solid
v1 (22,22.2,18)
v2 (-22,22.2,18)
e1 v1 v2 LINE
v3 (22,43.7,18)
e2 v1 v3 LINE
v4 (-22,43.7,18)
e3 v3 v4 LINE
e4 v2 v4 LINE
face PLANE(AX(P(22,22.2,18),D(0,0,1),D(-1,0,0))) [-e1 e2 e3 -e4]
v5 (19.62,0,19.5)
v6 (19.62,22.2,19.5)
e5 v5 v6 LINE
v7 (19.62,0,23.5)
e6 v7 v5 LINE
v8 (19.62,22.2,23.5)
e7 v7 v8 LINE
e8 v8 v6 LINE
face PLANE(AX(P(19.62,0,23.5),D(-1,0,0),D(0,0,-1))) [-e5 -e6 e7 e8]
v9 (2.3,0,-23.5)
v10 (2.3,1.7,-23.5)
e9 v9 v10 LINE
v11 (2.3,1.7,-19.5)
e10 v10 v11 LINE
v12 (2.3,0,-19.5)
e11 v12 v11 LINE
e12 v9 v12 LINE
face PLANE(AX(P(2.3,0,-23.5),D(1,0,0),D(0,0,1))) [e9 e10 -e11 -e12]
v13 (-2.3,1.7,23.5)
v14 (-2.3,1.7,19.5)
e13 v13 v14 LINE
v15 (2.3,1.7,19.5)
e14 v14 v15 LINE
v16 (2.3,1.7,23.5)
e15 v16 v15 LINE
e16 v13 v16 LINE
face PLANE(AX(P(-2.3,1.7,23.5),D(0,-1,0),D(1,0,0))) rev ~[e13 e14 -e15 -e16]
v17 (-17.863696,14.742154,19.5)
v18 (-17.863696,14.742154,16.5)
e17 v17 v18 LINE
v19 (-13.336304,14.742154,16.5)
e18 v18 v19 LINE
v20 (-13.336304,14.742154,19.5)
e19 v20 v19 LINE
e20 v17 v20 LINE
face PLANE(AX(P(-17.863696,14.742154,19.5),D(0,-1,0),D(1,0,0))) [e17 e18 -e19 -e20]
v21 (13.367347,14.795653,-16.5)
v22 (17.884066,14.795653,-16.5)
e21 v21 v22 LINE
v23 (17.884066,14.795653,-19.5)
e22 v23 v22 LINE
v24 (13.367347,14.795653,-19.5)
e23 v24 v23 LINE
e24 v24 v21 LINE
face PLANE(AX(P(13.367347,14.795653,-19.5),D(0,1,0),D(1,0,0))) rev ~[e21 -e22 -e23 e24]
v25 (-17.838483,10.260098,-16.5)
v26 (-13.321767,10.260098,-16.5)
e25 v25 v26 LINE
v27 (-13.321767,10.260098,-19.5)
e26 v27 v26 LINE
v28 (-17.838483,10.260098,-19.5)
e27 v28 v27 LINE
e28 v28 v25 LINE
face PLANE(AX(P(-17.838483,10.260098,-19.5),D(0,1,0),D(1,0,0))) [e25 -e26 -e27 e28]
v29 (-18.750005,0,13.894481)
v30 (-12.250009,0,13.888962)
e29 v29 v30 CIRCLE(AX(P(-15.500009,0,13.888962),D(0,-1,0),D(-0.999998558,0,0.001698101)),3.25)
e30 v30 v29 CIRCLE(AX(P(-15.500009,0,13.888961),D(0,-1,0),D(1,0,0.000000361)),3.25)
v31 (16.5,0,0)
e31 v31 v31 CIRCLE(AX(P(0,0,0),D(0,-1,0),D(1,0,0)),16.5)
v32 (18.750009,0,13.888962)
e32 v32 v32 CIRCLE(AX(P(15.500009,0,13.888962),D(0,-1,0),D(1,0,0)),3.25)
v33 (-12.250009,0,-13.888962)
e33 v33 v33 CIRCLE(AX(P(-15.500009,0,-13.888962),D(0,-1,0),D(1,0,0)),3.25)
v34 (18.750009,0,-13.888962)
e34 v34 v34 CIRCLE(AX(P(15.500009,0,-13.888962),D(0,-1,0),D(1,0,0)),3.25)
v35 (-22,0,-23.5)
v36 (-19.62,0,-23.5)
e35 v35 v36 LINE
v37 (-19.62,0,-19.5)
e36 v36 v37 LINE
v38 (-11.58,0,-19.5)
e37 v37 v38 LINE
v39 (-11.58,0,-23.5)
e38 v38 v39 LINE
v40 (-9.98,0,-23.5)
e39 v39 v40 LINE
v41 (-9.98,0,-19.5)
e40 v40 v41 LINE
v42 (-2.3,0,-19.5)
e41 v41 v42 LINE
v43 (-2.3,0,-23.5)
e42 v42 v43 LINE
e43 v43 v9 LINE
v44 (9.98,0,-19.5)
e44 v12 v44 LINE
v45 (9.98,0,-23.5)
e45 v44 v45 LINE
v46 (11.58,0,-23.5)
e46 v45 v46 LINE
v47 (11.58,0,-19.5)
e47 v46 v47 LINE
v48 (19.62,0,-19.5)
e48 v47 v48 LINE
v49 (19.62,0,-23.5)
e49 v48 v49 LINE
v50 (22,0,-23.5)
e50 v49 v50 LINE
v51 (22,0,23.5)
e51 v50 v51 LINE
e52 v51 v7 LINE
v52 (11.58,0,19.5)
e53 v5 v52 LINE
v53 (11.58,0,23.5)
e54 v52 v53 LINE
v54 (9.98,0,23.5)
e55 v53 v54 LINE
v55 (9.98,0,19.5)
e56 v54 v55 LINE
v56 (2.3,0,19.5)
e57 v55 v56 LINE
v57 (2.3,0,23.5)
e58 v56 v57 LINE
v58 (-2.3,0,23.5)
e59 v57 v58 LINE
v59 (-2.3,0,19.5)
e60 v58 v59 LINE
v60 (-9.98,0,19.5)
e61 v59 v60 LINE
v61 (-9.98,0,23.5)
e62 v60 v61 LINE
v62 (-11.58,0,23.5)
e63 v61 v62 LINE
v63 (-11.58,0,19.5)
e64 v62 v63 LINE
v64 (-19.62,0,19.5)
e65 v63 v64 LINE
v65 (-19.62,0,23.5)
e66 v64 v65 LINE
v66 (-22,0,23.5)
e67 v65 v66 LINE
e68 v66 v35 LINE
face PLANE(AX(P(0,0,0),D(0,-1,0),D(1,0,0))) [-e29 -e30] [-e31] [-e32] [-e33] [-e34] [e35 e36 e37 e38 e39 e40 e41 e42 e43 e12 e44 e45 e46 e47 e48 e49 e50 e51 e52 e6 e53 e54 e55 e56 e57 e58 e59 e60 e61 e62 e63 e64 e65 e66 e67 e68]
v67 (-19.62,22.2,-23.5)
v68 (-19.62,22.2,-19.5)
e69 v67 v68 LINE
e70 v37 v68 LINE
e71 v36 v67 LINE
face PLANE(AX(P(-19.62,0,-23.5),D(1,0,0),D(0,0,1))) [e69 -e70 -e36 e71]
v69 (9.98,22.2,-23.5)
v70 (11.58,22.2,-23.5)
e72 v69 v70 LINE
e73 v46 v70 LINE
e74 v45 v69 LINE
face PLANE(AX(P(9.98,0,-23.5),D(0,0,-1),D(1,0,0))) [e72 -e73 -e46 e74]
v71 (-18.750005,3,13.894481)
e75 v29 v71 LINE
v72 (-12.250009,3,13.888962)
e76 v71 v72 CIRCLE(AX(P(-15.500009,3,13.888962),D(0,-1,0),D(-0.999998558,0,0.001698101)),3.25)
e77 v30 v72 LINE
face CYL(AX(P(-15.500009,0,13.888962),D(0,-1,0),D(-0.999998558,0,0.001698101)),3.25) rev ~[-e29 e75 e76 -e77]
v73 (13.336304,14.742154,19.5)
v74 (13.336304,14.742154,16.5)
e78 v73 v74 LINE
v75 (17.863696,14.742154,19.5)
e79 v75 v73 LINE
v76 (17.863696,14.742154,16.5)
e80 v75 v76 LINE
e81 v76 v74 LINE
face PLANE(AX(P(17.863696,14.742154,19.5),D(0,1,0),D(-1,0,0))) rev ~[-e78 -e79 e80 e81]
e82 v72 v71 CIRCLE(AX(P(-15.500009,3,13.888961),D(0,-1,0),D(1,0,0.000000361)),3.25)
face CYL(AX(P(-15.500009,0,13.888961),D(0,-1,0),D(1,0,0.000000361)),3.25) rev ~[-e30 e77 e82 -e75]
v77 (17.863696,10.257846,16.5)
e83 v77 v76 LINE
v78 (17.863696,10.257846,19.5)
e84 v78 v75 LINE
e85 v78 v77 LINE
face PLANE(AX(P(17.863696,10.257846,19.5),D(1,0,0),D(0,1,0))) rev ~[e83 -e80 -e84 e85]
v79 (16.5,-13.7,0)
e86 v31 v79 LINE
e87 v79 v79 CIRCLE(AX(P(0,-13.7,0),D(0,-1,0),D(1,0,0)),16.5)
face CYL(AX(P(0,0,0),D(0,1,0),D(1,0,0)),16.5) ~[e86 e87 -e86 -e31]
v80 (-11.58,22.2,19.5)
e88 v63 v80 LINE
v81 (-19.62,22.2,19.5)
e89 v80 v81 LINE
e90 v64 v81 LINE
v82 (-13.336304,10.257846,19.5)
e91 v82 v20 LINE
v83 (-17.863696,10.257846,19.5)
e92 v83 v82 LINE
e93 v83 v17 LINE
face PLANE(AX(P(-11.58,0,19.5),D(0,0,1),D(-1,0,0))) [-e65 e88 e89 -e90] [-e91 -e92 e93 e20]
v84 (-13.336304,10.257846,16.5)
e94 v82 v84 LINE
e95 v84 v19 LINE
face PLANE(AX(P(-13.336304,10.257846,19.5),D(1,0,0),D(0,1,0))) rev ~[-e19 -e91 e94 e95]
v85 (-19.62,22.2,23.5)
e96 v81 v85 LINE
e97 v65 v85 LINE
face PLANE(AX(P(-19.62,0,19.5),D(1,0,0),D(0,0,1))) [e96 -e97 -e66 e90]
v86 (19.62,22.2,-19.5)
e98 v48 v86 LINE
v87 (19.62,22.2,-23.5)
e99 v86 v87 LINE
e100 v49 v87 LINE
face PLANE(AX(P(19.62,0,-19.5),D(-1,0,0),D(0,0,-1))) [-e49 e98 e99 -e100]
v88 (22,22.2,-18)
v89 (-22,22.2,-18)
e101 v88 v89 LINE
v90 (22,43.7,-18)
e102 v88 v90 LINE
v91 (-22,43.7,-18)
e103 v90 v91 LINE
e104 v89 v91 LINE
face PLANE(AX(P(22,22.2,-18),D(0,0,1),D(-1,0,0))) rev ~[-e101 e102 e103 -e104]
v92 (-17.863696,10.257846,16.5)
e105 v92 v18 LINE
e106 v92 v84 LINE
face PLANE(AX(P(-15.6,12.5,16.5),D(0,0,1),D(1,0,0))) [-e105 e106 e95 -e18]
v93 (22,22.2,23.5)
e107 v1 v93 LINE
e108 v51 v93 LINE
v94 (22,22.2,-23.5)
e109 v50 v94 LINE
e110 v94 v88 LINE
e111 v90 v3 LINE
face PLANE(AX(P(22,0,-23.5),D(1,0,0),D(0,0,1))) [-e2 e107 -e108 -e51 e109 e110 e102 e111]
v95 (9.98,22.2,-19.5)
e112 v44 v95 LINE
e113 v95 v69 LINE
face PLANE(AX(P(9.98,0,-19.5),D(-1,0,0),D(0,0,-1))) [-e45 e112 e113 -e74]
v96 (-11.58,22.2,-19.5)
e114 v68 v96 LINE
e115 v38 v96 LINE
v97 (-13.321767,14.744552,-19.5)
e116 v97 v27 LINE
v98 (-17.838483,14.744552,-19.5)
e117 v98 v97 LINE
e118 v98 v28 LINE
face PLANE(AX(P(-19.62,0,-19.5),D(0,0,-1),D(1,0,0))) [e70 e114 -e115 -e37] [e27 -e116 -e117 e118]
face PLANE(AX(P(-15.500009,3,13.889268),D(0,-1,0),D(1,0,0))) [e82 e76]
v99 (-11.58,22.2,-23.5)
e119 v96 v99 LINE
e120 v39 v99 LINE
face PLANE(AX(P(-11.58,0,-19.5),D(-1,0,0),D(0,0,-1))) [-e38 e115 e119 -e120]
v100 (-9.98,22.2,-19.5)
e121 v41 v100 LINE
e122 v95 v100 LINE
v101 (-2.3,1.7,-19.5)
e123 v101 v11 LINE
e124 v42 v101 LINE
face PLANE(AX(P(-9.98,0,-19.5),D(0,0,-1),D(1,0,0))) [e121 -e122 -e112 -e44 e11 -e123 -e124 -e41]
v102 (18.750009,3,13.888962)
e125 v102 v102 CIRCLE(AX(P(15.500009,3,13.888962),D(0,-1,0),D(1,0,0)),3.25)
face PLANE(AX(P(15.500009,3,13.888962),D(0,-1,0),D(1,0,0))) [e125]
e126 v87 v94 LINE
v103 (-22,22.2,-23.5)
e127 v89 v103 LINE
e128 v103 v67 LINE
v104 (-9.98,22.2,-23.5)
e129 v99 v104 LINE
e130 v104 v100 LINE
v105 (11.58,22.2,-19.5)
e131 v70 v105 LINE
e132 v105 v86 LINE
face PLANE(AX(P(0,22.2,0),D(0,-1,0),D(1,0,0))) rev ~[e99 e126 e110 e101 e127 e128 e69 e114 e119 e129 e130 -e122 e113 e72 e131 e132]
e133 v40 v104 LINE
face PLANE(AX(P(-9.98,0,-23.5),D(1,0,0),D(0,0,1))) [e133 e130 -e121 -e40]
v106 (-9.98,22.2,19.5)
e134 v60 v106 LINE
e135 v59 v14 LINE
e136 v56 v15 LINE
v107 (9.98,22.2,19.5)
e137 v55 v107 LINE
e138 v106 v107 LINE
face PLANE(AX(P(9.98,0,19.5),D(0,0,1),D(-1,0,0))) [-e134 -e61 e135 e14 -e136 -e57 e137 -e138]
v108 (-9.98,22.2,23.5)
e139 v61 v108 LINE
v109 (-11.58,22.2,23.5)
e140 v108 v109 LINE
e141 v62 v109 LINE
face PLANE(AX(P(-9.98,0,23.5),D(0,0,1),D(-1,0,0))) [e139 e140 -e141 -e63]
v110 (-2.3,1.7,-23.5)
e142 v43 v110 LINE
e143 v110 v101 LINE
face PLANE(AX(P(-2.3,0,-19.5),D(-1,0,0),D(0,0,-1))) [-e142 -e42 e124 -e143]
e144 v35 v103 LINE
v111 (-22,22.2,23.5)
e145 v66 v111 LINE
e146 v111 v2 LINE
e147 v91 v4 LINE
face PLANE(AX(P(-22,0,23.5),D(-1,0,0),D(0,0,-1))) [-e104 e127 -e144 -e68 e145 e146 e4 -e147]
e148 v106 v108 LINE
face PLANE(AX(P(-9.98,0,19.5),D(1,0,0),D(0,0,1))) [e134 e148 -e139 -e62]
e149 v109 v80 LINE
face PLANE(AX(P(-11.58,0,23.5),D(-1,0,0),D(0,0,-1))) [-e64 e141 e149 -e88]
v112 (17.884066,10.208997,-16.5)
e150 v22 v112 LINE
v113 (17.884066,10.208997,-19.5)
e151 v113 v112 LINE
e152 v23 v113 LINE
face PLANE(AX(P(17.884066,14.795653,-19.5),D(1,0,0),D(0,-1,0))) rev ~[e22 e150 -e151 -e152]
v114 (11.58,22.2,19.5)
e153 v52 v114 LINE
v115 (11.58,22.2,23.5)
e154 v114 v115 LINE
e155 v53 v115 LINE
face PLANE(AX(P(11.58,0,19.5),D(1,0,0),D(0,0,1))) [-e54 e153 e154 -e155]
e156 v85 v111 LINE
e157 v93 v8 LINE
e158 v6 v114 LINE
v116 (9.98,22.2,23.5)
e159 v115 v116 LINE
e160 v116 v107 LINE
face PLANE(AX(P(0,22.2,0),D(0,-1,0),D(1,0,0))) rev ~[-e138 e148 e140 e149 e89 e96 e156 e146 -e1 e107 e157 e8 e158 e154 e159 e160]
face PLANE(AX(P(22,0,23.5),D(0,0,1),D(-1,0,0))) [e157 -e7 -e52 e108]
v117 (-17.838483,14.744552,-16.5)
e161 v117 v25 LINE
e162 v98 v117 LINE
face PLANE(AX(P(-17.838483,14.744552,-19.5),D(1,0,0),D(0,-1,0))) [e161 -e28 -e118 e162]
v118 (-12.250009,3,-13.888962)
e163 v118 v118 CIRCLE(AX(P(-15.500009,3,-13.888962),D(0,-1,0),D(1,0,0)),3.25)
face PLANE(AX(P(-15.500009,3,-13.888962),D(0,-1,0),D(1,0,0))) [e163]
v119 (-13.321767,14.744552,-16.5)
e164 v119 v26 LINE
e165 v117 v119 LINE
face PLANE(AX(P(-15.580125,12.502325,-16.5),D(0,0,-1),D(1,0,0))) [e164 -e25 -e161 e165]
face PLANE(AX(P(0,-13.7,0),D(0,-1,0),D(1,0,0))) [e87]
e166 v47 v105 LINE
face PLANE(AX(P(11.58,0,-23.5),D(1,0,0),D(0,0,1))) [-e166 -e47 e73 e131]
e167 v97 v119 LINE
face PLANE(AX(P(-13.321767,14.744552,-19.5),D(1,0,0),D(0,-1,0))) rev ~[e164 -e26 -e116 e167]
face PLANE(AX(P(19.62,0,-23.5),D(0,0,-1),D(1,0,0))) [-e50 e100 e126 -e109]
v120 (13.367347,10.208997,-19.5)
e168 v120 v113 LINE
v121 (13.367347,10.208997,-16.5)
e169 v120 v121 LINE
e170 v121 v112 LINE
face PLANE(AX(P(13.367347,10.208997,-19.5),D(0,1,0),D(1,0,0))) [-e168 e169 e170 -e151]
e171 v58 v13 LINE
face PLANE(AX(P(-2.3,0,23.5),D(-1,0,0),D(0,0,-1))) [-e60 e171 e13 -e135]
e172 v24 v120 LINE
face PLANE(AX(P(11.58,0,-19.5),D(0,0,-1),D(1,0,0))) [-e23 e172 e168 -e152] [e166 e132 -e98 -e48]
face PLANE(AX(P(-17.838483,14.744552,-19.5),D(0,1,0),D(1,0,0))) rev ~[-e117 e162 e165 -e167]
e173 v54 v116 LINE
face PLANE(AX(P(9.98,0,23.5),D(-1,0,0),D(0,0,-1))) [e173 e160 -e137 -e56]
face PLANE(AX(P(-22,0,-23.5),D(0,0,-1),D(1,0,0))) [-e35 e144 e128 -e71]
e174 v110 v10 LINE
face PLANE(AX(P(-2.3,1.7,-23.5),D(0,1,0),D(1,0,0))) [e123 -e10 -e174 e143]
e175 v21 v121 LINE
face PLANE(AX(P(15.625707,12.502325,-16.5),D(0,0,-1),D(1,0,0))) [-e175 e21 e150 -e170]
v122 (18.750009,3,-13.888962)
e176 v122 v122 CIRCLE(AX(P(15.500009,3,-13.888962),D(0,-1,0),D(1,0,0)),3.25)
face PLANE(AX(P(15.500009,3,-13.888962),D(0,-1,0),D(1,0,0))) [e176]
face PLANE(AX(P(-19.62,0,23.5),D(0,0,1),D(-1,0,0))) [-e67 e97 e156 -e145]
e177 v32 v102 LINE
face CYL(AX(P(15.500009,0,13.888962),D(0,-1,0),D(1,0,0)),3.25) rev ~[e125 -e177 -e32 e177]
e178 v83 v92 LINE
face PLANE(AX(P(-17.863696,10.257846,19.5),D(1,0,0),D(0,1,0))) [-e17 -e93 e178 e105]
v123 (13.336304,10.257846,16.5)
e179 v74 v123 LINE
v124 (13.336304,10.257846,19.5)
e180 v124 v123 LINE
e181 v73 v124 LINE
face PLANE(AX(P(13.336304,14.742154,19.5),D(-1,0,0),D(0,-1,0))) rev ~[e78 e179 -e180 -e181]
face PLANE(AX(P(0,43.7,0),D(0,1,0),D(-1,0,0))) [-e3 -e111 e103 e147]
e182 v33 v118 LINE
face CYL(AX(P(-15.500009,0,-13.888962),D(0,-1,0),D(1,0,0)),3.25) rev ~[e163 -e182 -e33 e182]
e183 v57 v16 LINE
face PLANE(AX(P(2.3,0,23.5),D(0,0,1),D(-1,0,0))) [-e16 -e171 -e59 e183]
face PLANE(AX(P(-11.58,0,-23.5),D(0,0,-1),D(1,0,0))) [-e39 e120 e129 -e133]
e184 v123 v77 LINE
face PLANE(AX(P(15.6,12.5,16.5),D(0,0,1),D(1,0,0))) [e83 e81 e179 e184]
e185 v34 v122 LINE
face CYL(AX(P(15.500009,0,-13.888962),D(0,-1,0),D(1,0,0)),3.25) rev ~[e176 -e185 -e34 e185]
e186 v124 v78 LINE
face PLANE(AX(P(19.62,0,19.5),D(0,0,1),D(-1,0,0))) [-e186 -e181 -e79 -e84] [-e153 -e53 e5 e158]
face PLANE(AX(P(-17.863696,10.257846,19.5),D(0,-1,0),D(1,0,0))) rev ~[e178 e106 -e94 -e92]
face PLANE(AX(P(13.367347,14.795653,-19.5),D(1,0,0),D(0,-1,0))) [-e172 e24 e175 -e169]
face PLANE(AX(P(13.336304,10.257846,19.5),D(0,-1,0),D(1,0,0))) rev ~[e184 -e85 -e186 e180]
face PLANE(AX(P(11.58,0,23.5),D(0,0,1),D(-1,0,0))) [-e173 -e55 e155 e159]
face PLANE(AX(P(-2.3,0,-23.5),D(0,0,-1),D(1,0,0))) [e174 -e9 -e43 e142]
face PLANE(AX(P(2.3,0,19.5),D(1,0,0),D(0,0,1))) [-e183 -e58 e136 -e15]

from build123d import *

# Parameters (mm, degrees)
F0_R      = 3.25
F0_R_2    = 16.5
F1_DEPTH  = 22.2
F2_W      = 4.6
F2_H      = 20.5
F3_DEPTH  = 4
F4_W      = 4.6
F4_H      = 20.5
F5_DEPTH  = 4
F6_DEPTH  = 3
F7_DEPTH  = 13.7
F8_W      = 44
F8_H      = 36
F9_DEPTH  = 21.5
F10_W     = 4.527392
F10_H     = 4.484308
F12_DEPTH = 3
F11_W     = 4.516719
F11_H     = 4.586656
F11_W_2   = 4.516715
F11_H_2   = 4.484454
F13_DEPTH = 3


with BuildPart() as f1:
    # F0 (on Front) → F1 (new body)
    with BuildSketch(Plane.XZ):
        Polygon((19.62, -23.5), (22, -23.5), (22, -19.5), (22, 19.5), (22, 23.5), (19.62, 23.5), (19.62, 19.5), (11.58, 19.5), (11.58, 23.5), (9.98, 23.5), (9.98, 19.5), (2.3, 19.5), (2.3, 23.5), (-2.3, 23.5), (-2.3, 19.5), (-9.98, 19.5), (-9.98, 23.5), (-11.58, 23.5), (-11.58, 19.5), (-19.62, 19.5), (-19.62, 23.5), (-22, 23.5), (-22, 19.5), (-22, 13.9), (-22, -19.5), (-22, -23.5), (-19.62, -23.5), (-19.62, -19.5), (-11.58, -19.5), (-11.58, -23.5), (-9.98, -23.5), (-9.98, -19.5), (-2.3, -19.5), (-2.3, -23.5), (2.3, -23.5), (2.3, -19.5), (9.98, -19.5), (9.98, -23.5), (11.58, -23.5), (11.58, -19.5), (19.62, -19.5), align=None)
        with Locations((-15.500009, -13.888962)):
            Circle(F0_R, mode=Mode.SUBTRACT)
        with Locations((15.500009, -13.888962)):
            Circle(F0_R, mode=Mode.SUBTRACT)
        with BuildLine():
            ThreePointArc((-12.250009, 13.888962), (-15.502769, 10.638963), (-18.750005, 13.894481))
            ThreePointArc((-18.750005, 13.894481), (-15.49725, 17.13896), (-12.250009, 13.888962))
        make_face(mode=Mode.SUBTRACT)
        Circle(F0_R_2, mode=Mode.SUBTRACT)
        with Locations((15.500009, 13.888962)):
            Circle(F0_R, mode=Mode.SUBTRACT)
        with BuildLine():
            ThreePointArc((-12.250009, 13.888962), (-15.49725, 17.13896), (-18.750005, 13.894481))
            ThreePointArc((-18.750005, 13.894481), (-15.502769, 10.638963), (-12.250009, 13.888962))
        make_face()
        with Locations((15.500009, 13.888962)):
            Circle(F0_R)
        Circle(F0_R_2)
        with Locations((-15.500009, -13.888962)):
            Circle(F0_R)
        with Locations((15.500009, -13.888962)):
            Circle(F0_R)
    extrude(amount=-F1_DEPTH)

    # F2 (on face) → F3 (cut)
    with BuildSketch(Plane.XY.offset(23.5)):
        with Locations((0, 11.95)):
            Rectangle(F2_W, F2_H)
    extrude(amount=-F3_DEPTH, mode=Mode.SUBTRACT)

    # F4 (on face) → F5 (cut)
    with BuildSketch(Plane(origin=(0, 0, -23.5), x_dir=(1, 0, 0), z_dir=(0, 0, -1))):
        with Locations((0, -11.95)):
            Rectangle(F4_W, F4_H)
    extrude(amount=-F5_DEPTH, mode=Mode.SUBTRACT)

    # F0 (on Front) → F6 (cut)
    with BuildSketch(Plane.XZ):
        with BuildLine():
            ThreePointArc((-12.250009, 13.888962), (-15.49725, 17.13896), (-18.750005, 13.894481))
            ThreePointArc((-18.750005, 13.894481), (-15.502769, 10.638963), (-12.250009, 13.888962))
        make_face()
        with Locations((15.500009, 13.888962)):
            Circle(F0_R)
        with Locations((15.500009, -13.888962)):
            Circle(F0_R)
        with Locations((-15.500009, -13.888962)):
            Circle(F0_R)
    extrude(amount=-F6_DEPTH, mode=Mode.SUBTRACT)

    # F0 (on Front) → F7 (join)
    with BuildSketch(Plane.XZ):
        Circle(F0_R_2)
    extrude(amount=F7_DEPTH)

    # F8 (on face) → F9 (join)
    with BuildSketch(Plane(origin=(0, 22.2, 0), x_dir=(-1, 0, 0), z_dir=(0, 1, 0))):
        Rectangle(F8_W, F8_H)
    extrude(amount=F9_DEPTH)

    # F10 (on face) → F12 (cut)
    with BuildSketch(Plane.XY.offset(19.5)):
        with Locations((-15.6, 12.5)):
            Rectangle(F10_W, F10_H)
        Polygon((13.336304, 10.257846), (15.6, 10.257846), (17.863696, 10.257846), (17.863696, 14.742154), (13.336304, 14.742154), align=None)
    extrude(amount=-F12_DEPTH, mode=Mode.SUBTRACT)

    # F11 (on face) → F13 (cut)
    with BuildSketch(Plane(origin=(0, 0, -19.5), x_dir=(1, 0, 0), z_dir=(0, 0, -1))):
        with Locations((15.625707, -12.502325)):
            Rectangle(F11_W, F11_H)
        with Locations((-15.580125, -12.502325)):
            Rectangle(F11_W_2, F11_H_2)
    extrude(amount=-F13_DEPTH, mode=Mode.SUBTRACT)


solid = f1.part
